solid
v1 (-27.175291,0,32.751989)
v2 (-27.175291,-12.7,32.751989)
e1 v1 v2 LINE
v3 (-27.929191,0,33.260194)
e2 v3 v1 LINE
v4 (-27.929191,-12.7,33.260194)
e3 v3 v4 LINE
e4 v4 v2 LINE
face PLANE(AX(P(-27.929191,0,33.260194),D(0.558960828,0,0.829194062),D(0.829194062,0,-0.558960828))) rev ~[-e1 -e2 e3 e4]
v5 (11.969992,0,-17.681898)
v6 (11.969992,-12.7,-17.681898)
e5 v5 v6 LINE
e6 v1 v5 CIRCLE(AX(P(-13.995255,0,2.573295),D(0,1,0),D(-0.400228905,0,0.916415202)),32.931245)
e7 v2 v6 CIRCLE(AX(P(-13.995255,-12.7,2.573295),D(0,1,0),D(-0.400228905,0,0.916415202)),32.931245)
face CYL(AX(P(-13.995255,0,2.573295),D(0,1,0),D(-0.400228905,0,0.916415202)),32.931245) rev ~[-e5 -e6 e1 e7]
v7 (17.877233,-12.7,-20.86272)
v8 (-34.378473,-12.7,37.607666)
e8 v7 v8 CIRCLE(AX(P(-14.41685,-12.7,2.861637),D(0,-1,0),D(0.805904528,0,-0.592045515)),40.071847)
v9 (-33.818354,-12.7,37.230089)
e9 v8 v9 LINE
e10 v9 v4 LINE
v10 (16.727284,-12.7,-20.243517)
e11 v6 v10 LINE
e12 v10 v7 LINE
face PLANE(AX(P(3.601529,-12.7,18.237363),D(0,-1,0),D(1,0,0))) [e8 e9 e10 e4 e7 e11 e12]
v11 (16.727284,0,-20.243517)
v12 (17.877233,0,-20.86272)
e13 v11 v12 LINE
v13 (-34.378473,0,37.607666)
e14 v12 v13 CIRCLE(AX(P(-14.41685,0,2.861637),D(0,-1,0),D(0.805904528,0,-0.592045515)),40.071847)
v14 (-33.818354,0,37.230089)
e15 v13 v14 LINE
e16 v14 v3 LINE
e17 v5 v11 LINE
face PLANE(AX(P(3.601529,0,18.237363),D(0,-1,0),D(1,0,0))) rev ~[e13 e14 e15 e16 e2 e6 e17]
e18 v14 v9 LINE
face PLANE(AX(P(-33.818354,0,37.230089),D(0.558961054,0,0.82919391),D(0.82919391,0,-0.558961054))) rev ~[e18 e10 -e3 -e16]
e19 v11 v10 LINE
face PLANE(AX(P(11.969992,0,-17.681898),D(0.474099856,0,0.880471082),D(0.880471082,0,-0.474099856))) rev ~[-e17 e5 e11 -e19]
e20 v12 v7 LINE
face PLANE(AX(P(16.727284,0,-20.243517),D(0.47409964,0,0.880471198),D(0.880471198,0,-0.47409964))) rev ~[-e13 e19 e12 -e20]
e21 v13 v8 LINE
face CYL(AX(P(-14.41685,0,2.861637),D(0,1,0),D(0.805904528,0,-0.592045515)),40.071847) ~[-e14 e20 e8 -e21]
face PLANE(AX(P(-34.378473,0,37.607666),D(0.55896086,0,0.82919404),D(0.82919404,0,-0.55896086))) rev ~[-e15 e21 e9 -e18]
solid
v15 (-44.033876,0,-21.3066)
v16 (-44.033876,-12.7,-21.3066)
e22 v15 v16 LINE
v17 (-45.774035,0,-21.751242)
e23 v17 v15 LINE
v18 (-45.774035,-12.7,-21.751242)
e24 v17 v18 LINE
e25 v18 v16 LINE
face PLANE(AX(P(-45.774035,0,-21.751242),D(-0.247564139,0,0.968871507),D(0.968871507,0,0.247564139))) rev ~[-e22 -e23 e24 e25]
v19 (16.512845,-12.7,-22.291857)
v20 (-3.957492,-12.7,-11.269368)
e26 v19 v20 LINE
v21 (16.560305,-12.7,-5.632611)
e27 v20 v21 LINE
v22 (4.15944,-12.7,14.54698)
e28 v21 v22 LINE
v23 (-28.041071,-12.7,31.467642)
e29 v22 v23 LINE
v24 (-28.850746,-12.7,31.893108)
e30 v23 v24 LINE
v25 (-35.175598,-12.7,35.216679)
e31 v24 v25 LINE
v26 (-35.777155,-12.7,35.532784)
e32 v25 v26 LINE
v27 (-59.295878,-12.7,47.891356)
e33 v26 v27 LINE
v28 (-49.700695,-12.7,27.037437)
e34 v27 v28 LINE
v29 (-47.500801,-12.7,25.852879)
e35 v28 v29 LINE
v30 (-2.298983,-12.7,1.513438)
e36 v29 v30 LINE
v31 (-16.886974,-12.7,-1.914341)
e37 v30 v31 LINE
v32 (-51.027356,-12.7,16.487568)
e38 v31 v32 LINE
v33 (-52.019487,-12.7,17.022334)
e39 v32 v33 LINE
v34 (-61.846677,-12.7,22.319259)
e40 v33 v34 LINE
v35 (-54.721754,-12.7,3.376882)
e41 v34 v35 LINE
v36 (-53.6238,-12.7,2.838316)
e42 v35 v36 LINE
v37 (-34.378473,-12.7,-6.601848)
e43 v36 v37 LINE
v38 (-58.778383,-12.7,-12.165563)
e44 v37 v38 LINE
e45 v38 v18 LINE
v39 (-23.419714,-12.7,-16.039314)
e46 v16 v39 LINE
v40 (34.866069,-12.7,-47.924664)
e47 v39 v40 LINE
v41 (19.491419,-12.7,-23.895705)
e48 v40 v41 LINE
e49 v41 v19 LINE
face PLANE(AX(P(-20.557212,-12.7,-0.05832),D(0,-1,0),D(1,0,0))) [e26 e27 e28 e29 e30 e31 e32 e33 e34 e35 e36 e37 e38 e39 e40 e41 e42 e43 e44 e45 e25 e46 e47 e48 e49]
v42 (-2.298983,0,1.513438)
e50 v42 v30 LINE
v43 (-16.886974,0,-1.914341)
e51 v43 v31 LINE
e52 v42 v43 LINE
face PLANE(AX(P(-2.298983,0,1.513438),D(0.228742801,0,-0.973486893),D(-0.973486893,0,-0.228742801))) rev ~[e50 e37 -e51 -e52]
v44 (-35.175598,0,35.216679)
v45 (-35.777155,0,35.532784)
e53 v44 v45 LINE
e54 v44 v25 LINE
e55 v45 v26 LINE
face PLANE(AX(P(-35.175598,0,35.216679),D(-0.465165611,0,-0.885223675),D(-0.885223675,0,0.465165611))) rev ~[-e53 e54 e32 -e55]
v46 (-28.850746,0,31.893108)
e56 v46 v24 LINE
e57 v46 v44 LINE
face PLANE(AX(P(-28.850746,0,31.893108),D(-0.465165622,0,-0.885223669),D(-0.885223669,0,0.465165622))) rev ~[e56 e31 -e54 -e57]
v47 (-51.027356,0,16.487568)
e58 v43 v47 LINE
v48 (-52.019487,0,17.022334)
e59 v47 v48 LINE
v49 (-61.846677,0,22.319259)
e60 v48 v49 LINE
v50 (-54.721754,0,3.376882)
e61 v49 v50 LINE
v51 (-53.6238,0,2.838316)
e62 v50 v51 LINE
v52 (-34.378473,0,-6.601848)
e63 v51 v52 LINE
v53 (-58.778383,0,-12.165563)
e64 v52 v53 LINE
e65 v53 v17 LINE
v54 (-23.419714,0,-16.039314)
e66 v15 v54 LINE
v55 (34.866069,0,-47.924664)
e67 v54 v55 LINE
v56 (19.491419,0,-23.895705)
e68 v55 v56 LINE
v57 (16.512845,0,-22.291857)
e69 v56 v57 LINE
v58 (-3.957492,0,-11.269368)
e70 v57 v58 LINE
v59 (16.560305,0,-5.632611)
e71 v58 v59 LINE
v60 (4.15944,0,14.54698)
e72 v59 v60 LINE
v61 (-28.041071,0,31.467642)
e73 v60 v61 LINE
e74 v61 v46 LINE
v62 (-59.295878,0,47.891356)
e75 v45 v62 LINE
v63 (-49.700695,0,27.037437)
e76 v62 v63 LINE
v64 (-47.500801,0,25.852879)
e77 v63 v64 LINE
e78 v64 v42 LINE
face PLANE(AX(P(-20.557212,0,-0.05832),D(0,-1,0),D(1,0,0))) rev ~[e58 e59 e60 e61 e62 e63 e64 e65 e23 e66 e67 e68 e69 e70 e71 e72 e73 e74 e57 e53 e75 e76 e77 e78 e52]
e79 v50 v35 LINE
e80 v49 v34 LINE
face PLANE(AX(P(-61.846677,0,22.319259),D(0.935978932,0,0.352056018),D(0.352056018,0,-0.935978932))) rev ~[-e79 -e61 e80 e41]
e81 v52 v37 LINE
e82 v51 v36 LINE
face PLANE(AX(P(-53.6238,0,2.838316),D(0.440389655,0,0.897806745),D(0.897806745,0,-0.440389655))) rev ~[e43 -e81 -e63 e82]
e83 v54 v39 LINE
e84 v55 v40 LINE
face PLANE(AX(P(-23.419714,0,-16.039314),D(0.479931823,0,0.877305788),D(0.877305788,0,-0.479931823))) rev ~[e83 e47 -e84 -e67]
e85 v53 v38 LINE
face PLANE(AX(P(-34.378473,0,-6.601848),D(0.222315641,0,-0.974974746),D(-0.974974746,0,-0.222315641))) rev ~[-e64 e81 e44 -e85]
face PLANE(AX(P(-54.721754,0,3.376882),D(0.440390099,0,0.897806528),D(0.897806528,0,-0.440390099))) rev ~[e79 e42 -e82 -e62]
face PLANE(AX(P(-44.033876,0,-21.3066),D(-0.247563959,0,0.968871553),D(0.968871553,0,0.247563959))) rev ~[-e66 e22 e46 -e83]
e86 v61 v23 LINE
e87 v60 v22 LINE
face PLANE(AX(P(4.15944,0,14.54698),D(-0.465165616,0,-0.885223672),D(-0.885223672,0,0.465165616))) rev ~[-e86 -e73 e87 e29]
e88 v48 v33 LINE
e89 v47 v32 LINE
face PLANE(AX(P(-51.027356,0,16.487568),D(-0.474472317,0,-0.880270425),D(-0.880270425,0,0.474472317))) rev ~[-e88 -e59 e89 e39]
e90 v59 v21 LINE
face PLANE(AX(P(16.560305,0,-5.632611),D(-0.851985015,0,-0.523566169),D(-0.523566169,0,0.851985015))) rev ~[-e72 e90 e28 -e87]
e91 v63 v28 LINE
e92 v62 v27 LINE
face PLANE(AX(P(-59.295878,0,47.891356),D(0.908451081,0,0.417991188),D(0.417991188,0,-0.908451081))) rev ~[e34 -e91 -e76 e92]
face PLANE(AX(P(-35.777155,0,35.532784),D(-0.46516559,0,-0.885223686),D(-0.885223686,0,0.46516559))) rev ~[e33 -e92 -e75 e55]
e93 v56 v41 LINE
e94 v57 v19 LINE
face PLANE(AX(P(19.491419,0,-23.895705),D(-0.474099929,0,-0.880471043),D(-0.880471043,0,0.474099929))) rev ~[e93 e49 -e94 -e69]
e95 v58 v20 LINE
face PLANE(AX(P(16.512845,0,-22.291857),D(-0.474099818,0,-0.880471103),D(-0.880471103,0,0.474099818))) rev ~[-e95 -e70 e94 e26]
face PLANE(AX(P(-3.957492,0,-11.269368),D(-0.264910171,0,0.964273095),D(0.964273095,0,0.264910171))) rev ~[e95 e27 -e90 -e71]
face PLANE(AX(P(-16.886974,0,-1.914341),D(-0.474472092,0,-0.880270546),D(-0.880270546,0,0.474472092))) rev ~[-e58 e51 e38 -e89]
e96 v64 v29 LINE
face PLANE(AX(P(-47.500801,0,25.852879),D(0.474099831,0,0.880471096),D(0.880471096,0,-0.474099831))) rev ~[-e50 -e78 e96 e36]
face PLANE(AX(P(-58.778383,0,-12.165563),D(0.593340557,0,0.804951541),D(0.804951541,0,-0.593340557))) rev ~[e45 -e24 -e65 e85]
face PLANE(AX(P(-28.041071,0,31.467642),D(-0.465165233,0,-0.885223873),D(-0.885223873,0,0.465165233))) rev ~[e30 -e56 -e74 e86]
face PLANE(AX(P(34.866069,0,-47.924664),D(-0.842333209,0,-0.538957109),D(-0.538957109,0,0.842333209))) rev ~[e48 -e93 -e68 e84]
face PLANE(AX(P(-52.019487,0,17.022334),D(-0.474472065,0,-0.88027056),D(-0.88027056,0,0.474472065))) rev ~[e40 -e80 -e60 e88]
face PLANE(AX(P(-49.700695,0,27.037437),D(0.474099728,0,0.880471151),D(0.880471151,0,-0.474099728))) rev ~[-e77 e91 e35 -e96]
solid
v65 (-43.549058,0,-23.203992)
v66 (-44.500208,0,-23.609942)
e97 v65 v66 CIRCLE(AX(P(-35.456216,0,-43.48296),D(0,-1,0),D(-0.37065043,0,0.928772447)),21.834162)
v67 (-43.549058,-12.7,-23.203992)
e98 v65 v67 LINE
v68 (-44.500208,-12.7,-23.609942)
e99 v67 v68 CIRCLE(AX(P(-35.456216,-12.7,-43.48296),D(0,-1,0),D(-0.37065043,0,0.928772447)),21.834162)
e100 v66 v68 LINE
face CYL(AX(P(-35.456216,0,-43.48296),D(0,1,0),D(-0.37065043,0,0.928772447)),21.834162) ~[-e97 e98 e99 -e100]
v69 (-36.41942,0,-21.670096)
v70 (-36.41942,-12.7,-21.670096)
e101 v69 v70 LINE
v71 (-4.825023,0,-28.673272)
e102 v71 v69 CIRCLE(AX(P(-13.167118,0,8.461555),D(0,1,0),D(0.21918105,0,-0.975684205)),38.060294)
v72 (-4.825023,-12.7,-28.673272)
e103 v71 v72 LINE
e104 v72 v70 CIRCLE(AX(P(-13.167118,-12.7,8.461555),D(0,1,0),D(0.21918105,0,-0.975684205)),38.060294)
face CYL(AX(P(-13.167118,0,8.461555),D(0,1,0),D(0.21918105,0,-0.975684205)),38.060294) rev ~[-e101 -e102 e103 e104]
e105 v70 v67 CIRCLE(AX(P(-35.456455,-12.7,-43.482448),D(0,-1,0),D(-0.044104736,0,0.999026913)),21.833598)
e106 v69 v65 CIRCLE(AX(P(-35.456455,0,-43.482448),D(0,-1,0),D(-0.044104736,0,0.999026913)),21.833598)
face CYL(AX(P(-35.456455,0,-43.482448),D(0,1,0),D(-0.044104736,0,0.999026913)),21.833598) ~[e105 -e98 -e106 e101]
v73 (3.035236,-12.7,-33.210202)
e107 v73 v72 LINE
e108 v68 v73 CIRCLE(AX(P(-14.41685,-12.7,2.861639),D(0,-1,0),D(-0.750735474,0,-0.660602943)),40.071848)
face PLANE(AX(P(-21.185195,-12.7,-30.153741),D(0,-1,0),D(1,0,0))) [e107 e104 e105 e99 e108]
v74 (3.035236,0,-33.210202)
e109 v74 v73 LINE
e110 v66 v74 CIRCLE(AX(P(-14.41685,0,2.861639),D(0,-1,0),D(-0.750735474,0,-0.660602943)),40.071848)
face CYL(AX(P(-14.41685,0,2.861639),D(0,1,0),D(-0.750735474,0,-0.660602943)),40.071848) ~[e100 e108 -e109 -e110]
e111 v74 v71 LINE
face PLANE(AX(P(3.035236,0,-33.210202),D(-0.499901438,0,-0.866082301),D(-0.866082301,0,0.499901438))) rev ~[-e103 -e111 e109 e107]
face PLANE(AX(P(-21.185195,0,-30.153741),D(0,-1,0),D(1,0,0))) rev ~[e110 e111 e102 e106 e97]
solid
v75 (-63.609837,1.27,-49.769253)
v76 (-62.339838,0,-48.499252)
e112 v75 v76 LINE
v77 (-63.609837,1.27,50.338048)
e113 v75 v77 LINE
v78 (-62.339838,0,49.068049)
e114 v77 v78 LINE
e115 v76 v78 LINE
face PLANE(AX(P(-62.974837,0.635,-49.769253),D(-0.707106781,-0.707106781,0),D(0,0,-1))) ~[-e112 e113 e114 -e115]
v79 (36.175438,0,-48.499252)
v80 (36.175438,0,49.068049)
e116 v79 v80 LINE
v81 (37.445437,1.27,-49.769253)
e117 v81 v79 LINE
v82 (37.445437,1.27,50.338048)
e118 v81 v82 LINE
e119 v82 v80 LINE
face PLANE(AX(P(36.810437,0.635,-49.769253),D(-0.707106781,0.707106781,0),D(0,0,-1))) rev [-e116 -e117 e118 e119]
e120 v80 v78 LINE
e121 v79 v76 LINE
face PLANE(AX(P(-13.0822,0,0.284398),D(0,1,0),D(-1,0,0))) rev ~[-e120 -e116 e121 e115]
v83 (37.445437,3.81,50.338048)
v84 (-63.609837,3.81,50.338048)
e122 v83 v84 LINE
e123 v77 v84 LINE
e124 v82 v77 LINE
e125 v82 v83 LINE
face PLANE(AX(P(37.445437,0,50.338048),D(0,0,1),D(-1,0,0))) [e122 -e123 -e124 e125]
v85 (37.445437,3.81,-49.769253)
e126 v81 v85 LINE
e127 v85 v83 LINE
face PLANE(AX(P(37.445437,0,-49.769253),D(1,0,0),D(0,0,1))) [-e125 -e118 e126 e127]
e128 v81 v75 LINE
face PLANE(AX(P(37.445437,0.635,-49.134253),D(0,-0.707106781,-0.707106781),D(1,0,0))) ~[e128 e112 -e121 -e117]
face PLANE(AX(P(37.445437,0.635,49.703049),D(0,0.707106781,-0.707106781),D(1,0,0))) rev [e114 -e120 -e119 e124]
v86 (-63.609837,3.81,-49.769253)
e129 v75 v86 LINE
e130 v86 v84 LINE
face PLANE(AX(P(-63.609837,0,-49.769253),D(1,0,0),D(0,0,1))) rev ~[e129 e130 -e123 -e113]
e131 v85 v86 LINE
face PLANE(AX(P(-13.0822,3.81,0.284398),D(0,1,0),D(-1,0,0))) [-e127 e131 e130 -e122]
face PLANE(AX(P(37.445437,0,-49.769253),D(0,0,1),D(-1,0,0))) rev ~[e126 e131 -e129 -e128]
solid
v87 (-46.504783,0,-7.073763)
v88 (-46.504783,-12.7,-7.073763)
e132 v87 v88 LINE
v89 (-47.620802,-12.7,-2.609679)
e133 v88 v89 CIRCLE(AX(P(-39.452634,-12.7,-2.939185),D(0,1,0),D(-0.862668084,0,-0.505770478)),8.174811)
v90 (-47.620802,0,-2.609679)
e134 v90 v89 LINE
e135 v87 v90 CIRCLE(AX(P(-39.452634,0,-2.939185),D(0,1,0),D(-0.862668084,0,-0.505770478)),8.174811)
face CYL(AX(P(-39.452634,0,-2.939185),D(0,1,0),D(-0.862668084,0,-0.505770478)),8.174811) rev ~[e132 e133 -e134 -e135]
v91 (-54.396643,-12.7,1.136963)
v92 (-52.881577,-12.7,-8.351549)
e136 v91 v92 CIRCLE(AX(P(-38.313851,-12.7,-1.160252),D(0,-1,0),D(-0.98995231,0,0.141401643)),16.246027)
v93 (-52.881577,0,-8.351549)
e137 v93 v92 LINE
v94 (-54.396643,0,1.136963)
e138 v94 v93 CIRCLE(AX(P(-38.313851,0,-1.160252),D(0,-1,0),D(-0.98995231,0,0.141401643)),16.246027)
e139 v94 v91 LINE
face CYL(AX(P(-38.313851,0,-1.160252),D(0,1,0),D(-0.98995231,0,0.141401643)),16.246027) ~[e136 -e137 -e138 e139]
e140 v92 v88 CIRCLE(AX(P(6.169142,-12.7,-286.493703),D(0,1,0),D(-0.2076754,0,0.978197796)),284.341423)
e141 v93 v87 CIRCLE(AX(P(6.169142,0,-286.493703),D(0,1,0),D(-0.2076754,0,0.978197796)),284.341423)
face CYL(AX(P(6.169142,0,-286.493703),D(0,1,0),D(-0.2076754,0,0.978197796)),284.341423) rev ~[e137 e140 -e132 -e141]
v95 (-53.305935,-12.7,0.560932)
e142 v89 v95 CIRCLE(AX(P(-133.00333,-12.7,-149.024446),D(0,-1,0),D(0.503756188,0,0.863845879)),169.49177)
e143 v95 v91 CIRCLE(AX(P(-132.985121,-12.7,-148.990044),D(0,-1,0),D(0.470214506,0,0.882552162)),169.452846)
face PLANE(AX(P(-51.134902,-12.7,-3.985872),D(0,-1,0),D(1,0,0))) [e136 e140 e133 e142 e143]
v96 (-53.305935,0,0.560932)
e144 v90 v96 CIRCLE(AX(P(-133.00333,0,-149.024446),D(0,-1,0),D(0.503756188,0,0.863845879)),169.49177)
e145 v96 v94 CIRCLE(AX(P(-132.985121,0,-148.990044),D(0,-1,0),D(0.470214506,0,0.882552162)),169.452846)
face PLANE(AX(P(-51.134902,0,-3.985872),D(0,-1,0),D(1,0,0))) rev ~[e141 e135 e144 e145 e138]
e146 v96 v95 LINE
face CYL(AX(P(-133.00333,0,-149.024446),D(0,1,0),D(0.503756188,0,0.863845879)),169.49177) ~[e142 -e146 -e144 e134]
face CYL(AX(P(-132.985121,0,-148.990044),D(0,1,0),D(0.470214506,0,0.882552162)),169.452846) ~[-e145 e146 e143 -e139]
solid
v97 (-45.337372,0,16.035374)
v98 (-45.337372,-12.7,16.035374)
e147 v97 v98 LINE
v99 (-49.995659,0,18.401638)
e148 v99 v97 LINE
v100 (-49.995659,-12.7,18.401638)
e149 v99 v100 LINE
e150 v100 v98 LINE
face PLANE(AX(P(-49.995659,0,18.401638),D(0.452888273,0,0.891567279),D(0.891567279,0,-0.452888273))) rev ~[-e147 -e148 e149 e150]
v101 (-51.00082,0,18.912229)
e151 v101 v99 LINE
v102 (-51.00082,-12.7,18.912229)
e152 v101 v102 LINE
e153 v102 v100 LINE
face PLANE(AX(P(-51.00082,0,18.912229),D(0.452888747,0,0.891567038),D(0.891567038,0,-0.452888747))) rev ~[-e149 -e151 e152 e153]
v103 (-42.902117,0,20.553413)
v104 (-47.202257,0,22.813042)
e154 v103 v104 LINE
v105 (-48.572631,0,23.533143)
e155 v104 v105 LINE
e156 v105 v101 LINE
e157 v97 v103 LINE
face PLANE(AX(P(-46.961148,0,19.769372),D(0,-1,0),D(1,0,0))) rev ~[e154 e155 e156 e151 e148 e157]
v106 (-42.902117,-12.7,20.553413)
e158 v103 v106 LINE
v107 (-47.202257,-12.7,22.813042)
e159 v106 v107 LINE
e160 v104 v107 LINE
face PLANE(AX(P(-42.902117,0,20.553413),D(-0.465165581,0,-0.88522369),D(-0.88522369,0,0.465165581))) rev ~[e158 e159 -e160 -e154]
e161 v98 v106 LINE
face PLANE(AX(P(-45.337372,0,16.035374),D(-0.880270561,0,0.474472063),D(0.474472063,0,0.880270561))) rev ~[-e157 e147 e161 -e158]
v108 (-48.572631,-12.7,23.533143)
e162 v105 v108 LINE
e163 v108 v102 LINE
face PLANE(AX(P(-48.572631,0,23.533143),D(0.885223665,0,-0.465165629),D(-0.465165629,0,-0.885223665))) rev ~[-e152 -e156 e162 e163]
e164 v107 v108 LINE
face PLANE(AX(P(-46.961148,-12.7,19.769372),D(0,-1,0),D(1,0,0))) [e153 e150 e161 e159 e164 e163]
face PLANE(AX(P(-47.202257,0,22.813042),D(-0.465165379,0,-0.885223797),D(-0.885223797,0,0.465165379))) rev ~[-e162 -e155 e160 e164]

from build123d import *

# Parameters (mm, degrees)
F1_DEPTH = 12.7
F2_W     = 101.055275
F2_H     = 100.107301
F3_DEPTH = 3.81
F4_SIZE  = 1.27


with BuildPart() as f1:
    # F0 (on Front) → F1 (new body)
    with BuildSketch(Plane.XZ):
        Polygon((-35.777155, 35.532784), (-59.295878, 47.891356), (-49.700695, 27.037437), (-47.500801, 25.852879), (-2.298983, 1.513438), (-16.886974, -1.914341), (-51.027356, 16.487568), (-52.019487, 17.022334), (-61.846677, 22.319259), (-54.721754, 3.376882), (-53.6238, 2.838316), (-34.378473, -6.601848), (-58.778383, -12.165563), (-45.774035, -21.751242), (-44.033876, -21.3066), (-23.419714, -16.039314), (34.866069, -47.924664), (19.491419, -23.895705), (16.512845, -22.291857), (-3.957492, -11.269368), (16.560305, -5.632611), (4.15944, 14.54698), (-28.041071, 31.467642), (-28.850746, 31.893108), (-35.175598, 35.216679), align=None)
        with BuildLine():
            ThreePointArc((-53.305935, 0.560932), (-53.850765, 0.84994), (-54.396643, 1.136963))
            ThreePointArc((-54.396643, 1.136963), (-54.356654, -3.721866), (-52.881577, -8.351549))
            ThreePointArc((-52.881577, -8.351549), (-49.696834, -7.694424), (-46.504783, -7.073763))
            ThreePointArc((-46.504783, -7.073763), (-47.383367, -4.921864), (-47.620802, -2.609679))
            ThreePointArc((-47.620802, -2.609679), (-50.448146, -0.997078), (-53.305935, 0.560932))
        make_face()
        Polygon((-47.202257, 22.813042), (-48.572631, 23.533143), (-51.00082, 18.912229), (-49.995659, 18.401638), (-45.337372, 16.035374), (-42.902117, 20.553413), align=None)
        with BuildLine():
            ThreePointArc((17.877233, -20.86272), (15.461552, 29.564334), (-34.378473, 37.607666))
            Line((-34.378473, 37.607666), (-33.818354, 37.230089))
            Line((-33.818354, 37.230089), (-27.929191, 33.260194))
            Line((-27.929191, 33.260194), (-27.175291, 32.751989))
            ThreePointArc((-27.175291, 32.751989), (12.01935, 22.765057), (11.969992, -17.681898))
            Line((11.969992, -17.681898), (16.727284, -20.243517))
            Line((16.727284, -20.243517), (17.877233, -20.86272))
        make_face()
        with BuildLine():
            ThreePointArc((-36.41942, -21.670096), (-40.048735, -22.137262), (-43.549058, -23.203992))
            ThreePointArc((-43.549058, -23.203992), (-44.027037, -23.401335), (-44.500208, -23.609942))
            ThreePointArc((-44.500208, -23.609942), (-22.349599, -36.417166), (3.035236, -33.210202))
            Line((3.035236, -33.210202), (-4.825023, -28.673272))
            ThreePointArc((-4.825023, -28.673272), (-21.403603, -28.696839), (-36.41942, -21.670096))
        make_face()
    extrude(amount=F1_DEPTH)


with BuildPart() as f3:
    # F2 (on face) → F3 (new body)
    with BuildSketch(Plane(origin=(0, 0, 0), x_dir=(-1, 0, 0), z_dir=(0, 1, 0))):
        with Locations((13.0822, 0.284398)):
            Rectangle(F2_W, F2_H)
    extrude(amount=F3_DEPTH)

    # F4
    f4_edges = [f3.edges().sort_by_distance(p)[0] for p in [
        (-13.082201, 0, 50.338048),
        (-63.609838, 0, 0.284398),
        (-13.082201, 0, -49.769253),
        (37.445437, 0, 0.284398),
    ]]
    chamfer(f4_edges, length=F4_SIZE)


solid = Compound([f1.part, f3.part])
